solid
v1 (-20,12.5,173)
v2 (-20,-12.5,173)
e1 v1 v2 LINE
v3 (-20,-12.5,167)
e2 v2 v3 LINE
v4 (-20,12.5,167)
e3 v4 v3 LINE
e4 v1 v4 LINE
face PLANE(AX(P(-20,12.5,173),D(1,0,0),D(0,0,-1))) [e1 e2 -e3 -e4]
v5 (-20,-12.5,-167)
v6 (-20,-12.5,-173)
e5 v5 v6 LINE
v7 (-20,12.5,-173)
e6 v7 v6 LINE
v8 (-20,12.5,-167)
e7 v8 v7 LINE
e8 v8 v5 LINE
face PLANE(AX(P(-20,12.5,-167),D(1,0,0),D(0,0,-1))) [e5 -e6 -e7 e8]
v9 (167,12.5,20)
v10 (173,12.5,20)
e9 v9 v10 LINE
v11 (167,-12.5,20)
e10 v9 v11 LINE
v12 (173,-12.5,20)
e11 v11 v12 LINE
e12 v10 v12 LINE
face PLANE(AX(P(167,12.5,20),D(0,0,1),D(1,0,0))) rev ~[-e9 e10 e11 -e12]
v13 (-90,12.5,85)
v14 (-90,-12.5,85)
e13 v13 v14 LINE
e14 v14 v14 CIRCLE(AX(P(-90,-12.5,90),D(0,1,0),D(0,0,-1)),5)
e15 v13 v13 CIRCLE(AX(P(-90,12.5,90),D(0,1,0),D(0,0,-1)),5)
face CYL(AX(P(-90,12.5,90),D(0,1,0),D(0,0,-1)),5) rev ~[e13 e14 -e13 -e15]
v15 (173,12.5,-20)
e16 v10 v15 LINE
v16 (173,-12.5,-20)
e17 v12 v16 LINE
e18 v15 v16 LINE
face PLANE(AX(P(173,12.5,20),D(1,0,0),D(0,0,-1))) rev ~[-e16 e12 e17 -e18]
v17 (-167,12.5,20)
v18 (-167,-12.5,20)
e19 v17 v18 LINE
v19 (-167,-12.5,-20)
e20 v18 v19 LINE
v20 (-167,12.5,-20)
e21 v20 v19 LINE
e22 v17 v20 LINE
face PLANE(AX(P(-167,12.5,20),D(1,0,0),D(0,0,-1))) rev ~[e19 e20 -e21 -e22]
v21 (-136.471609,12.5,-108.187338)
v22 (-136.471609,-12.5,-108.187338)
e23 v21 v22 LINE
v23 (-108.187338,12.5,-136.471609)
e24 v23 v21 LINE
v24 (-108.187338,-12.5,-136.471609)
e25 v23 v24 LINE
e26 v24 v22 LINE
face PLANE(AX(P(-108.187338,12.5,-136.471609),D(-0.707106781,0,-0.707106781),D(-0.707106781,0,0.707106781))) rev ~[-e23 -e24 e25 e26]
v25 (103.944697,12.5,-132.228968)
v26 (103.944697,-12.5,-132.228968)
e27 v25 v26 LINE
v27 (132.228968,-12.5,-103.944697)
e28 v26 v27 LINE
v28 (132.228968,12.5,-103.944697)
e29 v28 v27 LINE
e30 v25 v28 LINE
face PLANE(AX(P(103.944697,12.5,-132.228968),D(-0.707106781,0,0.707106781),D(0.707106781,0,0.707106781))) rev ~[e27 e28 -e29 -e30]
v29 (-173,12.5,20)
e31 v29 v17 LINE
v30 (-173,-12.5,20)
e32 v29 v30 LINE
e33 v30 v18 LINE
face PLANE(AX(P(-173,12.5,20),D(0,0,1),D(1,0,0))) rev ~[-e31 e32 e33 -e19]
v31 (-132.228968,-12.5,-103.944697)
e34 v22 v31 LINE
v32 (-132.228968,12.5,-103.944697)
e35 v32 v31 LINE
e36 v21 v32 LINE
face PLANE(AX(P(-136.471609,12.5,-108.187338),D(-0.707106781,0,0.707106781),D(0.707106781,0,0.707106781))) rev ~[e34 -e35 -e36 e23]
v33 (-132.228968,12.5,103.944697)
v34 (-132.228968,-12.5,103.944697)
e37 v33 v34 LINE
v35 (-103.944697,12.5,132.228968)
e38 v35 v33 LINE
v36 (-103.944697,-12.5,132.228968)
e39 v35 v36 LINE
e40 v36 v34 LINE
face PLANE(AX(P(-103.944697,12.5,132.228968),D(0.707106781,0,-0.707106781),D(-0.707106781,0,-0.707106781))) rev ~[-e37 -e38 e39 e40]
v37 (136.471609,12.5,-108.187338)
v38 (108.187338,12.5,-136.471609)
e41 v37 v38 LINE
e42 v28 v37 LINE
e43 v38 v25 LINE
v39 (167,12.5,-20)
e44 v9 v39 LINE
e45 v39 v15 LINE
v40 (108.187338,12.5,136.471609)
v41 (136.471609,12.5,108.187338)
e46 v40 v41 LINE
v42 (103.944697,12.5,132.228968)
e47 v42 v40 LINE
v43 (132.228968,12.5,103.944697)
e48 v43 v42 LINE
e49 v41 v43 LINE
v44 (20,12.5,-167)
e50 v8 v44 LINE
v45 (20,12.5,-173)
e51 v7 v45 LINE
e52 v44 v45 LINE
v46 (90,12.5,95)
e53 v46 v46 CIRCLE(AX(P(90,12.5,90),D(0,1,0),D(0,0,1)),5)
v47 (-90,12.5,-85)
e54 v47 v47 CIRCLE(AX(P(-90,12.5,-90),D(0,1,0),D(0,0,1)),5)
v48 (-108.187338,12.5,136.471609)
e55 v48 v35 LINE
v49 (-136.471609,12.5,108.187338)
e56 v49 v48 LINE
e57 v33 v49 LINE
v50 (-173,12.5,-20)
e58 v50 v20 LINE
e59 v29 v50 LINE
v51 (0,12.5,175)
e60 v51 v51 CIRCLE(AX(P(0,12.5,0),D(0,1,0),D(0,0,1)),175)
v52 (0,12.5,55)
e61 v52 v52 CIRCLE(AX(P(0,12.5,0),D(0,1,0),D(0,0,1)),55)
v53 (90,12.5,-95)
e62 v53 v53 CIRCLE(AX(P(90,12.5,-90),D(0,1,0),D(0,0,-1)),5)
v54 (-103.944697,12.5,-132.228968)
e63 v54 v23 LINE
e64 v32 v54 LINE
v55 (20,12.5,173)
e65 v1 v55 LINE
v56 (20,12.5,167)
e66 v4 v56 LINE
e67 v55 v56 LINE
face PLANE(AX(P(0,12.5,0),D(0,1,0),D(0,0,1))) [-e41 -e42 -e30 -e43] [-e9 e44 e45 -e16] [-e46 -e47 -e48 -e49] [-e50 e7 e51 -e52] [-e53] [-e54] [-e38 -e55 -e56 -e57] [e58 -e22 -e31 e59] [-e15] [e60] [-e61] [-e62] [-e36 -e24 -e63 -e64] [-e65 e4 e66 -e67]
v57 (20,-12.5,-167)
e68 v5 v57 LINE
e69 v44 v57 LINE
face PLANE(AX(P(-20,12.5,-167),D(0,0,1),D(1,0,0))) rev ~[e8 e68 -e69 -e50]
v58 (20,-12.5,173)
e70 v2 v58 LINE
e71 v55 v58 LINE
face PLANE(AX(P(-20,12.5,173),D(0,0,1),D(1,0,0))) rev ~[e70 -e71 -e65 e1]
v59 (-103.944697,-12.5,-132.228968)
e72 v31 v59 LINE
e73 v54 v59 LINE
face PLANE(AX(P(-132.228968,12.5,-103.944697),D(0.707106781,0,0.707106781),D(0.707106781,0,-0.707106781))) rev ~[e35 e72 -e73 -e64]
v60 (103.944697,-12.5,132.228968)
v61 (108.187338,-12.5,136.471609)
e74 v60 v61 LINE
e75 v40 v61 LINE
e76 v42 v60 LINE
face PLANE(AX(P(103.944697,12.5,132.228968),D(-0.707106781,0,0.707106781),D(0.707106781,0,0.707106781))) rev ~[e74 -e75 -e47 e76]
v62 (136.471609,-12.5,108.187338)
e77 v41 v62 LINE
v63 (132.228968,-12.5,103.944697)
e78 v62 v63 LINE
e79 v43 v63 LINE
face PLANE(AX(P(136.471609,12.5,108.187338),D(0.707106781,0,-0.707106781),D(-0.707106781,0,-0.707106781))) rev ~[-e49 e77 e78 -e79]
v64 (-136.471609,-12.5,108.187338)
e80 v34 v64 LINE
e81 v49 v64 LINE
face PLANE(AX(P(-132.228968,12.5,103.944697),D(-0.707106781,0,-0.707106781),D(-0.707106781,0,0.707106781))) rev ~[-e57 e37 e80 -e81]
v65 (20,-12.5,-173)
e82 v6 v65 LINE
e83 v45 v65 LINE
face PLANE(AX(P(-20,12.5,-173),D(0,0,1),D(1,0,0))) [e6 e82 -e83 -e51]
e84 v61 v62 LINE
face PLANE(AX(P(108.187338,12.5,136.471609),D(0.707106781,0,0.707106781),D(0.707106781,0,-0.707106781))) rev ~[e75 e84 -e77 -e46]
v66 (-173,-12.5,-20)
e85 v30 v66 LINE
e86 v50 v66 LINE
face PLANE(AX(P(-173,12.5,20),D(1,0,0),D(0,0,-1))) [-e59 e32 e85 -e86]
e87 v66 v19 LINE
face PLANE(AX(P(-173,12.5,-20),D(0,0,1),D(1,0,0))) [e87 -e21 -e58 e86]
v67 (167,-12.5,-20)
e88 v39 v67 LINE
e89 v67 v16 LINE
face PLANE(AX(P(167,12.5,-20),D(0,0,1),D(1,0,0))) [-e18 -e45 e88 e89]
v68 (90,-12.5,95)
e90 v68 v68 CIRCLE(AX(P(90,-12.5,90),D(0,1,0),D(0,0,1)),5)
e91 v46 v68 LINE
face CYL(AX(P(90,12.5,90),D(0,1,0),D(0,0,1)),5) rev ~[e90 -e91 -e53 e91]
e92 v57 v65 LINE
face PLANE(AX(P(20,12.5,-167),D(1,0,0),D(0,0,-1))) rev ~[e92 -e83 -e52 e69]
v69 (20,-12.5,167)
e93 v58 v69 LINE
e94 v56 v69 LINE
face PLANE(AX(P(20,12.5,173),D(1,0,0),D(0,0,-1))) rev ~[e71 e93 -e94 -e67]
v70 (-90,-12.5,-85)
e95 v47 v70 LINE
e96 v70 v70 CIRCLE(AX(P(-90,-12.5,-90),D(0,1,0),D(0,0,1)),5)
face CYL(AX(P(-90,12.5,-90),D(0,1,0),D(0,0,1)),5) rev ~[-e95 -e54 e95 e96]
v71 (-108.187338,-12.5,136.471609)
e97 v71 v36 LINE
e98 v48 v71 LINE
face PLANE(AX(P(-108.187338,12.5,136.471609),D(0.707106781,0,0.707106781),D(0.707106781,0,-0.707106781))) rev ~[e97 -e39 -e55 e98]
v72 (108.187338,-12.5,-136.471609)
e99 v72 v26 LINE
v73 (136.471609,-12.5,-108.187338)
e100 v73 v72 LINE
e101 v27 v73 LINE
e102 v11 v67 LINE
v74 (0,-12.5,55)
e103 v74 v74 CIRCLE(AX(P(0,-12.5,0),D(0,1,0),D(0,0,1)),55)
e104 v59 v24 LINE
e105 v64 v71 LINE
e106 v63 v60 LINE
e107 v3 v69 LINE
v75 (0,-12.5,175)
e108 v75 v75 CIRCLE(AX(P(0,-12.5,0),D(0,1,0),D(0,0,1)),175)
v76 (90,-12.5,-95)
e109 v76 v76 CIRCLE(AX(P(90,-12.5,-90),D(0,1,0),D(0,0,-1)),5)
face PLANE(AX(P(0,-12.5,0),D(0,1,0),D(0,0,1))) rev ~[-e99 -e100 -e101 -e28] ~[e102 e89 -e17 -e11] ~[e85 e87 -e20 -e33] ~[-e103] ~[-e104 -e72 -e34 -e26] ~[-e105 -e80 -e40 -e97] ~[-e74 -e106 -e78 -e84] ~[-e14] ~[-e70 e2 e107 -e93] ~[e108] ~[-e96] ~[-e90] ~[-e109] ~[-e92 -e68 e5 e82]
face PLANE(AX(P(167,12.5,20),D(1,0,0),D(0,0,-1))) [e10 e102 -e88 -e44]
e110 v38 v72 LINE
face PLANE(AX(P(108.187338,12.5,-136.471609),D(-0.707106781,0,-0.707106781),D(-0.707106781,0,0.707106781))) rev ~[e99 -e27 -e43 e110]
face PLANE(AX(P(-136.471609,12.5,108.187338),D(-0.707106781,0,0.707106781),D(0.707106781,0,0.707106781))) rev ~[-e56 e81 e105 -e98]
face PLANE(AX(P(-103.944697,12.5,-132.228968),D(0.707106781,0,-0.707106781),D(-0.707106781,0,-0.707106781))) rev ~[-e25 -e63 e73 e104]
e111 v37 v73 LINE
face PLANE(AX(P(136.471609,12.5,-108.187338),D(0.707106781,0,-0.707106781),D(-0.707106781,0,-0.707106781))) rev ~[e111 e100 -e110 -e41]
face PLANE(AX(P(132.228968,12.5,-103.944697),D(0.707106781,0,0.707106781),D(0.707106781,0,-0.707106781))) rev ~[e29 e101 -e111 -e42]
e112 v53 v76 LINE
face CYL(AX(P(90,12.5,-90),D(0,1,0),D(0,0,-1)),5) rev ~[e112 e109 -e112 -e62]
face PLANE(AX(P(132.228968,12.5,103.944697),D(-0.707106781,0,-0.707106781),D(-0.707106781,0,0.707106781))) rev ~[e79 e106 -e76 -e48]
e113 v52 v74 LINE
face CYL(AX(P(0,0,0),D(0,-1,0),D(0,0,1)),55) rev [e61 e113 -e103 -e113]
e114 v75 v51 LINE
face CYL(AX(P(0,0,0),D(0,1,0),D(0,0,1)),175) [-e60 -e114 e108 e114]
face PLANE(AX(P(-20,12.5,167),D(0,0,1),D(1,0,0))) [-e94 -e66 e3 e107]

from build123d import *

# Parameters (mm, degrees)
SKETCH1_R           = 175
SKETCH1_R_2         = 55
BOSS_EXTRUDE1_DEPTH = 12.5
SKETCH2_W           = 40
SKETCH2_H           = 6
SKETCH2_W_2         = 6
SKETCH2_H_2         = 40
CUT_EXTRUDE2_DEPTH  = 249.746859277
SKETCH3_R           = 5
CUT_EXTRUDE3_DEPTH  = 249.746859277


with BuildPart() as part:
    # Sketch1 → Boss-Extrude1 (new, symmetric)
    with BuildSketch(Plane(origin=(0, 0, 0), x_dir=(1, 0, 0), z_dir=(0, 1, 0))):
        with Locations(Location((0, 0, 0), (0, 0, 270))):
            Circle(SKETCH1_R)
        with Locations(Location((0, 0, 0), (0, 0, 270))):
            Circle(SKETCH1_R_2, mode=Mode.SUBTRACT)
    extrude(amount=BOSS_EXTRUDE1_DEPTH, both=True)

    # Sketch2 → Cut-Extrude2 (cut, through all)
    with BuildSketch(Plane(origin=(0, 12.5, 0), x_dir=(1, 0, 0), z_dir=(0, 1, 0))):
        with Locations((0, 170)):
            Rectangle(SKETCH2_W, SKETCH2_H)
        Polygon((103.944696834, 132.228968082), (132.228968082, 103.944696834), (136.471608769, 108.187337522), (108.187337522, 136.471608769), align=None)
        with Locations((170, 0)):
            Rectangle(SKETCH2_W_2, SKETCH2_H_2)
        Polygon((132.228968082, -103.944696834), (103.944696834, -132.228968082), (108.187337522, -136.471608769), (136.471608769, -108.187337522), align=None)
        with Locations((0, -170)):
            Rectangle(SKETCH2_W, SKETCH2_H)
        Polygon((-103.944696834, -132.228968082), (-132.228968082, -103.944696834), (-136.471608769, -108.187337522), (-108.187337522, -136.471608769), align=None)
        with Locations((-170, 0)):
            Rectangle(SKETCH2_W_2, SKETCH2_H_2)
        Polygon((-132.228968082, 103.944696834), (-103.944696834, 132.228968082), (-108.187337522, 136.471608769), (-136.471608769, 108.187337522), align=None)
    extrude(amount=-CUT_EXTRUDE2_DEPTH, mode=Mode.SUBTRACT)

    # Sketch3 → Cut-Extrude3 (cut, through all)
    with BuildSketch(Plane(origin=(0, 12.5, 0), x_dir=(1, 0, 0), z_dir=(0, 1, 0))):
        with Locations(Location((-90, 90, 0), (0, 0, 270))):
            Circle(SKETCH3_R)
        with Locations(Location((90, 90, 0), (0, 0, 90))):
            Circle(SKETCH3_R)
        with Locations(Location((90, -90, 0), (0, 0, 270))):
            Circle(SKETCH3_R)
        with Locations(Location((-90, -90, 0), (0, 0, 90))):
            Circle(SKETCH3_R)
    extrude(amount=-CUT_EXTRUDE3_DEPTH, mode=Mode.SUBTRACT)


solid = part.part
